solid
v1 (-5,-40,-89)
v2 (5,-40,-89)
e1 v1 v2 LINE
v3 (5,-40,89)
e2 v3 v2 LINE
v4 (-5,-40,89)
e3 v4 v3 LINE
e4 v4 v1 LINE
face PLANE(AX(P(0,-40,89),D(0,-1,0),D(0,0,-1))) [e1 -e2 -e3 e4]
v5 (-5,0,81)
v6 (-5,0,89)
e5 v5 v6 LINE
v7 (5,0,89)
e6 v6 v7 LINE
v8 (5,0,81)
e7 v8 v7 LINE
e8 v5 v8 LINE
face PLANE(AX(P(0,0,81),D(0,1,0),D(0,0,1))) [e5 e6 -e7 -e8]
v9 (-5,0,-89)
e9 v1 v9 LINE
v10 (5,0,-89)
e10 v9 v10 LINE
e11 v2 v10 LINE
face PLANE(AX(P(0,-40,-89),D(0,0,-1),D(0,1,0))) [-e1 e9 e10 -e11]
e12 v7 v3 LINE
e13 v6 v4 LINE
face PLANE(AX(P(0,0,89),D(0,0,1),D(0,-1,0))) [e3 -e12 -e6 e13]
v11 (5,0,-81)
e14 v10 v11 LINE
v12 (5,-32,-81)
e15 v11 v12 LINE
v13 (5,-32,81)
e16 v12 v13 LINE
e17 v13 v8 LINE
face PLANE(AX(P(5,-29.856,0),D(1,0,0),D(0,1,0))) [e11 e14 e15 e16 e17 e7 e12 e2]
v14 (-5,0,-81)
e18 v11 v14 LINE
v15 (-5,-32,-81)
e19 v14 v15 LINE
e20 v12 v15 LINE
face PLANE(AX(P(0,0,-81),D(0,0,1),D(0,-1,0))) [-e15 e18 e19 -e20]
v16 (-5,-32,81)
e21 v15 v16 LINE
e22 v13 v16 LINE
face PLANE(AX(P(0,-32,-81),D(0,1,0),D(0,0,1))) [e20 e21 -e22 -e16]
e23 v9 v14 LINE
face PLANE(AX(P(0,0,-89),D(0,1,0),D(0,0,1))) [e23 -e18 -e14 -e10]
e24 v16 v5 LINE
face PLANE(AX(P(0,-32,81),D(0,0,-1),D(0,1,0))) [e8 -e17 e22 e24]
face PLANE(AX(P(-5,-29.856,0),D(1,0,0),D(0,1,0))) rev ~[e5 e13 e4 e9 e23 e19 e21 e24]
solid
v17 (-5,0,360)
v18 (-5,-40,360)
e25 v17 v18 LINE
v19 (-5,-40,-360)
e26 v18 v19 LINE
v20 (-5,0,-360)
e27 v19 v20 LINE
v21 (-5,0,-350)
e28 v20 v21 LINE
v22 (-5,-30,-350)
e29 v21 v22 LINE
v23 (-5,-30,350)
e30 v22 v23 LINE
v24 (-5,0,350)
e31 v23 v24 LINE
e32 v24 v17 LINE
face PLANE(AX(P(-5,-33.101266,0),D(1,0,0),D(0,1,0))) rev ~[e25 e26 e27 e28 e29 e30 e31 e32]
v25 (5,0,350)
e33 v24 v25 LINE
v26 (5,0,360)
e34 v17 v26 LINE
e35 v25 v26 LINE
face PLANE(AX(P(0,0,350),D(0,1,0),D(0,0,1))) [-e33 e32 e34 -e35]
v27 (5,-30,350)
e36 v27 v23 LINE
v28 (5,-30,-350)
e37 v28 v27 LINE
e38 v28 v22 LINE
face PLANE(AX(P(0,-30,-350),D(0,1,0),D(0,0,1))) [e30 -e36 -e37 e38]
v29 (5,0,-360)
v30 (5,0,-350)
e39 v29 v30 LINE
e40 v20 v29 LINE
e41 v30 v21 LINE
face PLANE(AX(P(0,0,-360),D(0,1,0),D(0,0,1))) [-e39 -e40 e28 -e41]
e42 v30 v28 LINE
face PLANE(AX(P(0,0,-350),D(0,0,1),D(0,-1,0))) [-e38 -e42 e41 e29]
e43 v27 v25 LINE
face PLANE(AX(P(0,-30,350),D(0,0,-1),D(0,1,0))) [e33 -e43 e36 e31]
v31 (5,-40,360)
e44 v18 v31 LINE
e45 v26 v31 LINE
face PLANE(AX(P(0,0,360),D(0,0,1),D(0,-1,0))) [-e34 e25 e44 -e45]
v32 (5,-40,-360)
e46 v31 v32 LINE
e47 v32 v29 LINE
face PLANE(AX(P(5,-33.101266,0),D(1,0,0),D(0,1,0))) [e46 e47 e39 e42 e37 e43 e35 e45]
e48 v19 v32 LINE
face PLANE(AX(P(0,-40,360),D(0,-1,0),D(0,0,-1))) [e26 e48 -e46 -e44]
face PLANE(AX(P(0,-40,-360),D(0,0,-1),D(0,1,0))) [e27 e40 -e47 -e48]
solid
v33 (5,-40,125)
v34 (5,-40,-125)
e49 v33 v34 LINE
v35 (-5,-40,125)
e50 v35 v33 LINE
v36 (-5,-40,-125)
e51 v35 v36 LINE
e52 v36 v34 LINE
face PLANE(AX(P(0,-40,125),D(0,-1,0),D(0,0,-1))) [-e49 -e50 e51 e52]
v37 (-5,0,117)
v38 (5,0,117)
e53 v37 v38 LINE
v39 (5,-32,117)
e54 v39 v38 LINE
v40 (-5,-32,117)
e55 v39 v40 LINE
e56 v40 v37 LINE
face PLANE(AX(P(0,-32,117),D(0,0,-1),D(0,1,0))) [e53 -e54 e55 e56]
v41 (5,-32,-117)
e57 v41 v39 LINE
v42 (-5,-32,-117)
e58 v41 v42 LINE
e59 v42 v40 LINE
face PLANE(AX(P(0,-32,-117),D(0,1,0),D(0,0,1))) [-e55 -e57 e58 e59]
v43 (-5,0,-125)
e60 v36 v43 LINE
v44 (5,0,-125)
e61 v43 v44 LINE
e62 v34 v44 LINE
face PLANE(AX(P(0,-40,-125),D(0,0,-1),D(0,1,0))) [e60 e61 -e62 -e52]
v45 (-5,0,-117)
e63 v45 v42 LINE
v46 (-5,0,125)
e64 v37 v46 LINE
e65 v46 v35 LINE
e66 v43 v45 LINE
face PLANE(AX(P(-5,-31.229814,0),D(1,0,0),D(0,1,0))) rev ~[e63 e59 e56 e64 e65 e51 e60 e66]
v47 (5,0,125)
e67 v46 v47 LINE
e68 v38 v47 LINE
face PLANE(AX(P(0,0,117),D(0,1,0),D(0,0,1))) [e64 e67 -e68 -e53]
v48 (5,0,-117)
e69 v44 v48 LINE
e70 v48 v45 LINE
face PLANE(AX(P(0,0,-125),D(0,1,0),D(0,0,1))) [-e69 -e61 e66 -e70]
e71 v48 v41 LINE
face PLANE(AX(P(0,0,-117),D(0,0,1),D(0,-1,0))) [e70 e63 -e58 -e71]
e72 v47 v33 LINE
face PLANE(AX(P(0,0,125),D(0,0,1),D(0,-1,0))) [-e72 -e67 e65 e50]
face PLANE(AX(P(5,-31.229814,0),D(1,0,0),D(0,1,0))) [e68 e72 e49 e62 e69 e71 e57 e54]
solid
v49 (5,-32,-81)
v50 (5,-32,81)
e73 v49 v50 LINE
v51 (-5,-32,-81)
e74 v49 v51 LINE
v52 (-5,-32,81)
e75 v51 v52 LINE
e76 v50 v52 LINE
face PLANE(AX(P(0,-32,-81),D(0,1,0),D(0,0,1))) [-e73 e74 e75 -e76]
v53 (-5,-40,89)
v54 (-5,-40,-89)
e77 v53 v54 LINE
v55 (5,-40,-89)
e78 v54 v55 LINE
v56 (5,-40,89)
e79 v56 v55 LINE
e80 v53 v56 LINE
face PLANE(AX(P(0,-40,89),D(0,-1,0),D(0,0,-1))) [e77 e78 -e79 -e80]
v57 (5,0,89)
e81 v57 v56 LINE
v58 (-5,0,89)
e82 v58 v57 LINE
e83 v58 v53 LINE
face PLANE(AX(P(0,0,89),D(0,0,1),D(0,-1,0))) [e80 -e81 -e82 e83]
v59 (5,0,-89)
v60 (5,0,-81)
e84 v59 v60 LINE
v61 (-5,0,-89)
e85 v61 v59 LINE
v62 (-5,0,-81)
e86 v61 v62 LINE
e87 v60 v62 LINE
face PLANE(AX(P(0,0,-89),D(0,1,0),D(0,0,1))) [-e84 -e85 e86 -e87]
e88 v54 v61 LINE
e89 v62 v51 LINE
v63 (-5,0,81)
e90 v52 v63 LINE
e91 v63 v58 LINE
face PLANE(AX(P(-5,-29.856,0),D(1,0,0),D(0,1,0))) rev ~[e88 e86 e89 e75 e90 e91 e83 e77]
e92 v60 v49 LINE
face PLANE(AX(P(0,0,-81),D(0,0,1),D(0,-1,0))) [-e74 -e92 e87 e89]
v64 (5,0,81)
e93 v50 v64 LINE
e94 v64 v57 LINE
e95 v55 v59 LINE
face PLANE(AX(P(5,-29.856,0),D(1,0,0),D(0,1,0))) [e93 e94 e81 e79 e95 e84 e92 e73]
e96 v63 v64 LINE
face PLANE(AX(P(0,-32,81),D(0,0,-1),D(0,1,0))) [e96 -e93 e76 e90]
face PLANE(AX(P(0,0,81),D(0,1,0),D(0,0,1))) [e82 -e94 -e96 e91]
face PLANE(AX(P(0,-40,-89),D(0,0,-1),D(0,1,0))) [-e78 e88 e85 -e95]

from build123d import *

# Parameters (mm, degrees)
F1_DEPTH = 5
F3_DEPTH = 5
F5_DEPTH = 5
F7_DEPTH = 5


with BuildPart() as f1:
    # F0 (on Right) → F1 (new body, symmetric)
    with BuildSketch(Plane.YZ):
        Polygon((-32, 117), (0, 117), (0, 125), (-40, 125), (-40, -125), (0, -125), (0, -117), (-32, -117), align=None)
    extrude(amount=F1_DEPTH, both=True)


with BuildPart() as f3:
    # F2 (on Right) → F3 (new body, symmetric)
    with BuildSketch(Plane.YZ):
        Polygon((-30, 350), (0, 350), (0, 360), (-40, 360), (-40, -360), (0, -360), (0, -350), (-30, -350), align=None)
    extrude(amount=F3_DEPTH, both=True)


with BuildPart() as f5:
    # F4 (on Right) → F5 (new body, symmetric)
    with BuildSketch(Plane.YZ):
        Polygon((-32, 81), (0, 81), (0, 89), (-40, 89), (-40, -89), (0, -89), (0, -81), (-32, -81), align=None)
    extrude(amount=F5_DEPTH, both=True)


with BuildPart() as f7:
    # F6 (on Right) → F7 (new body, symmetric)
    with BuildSketch(Plane.YZ):
        Polygon((-32, 81), (0, 81), (0, 89), (-40, 89), (-40, -89), (0, -89), (0, -81), (-32, -81), align=None)
    extrude(amount=F7_DEPTH, both=True)


solid = Compound([f1.part, f3.part, f5.part, f7.part])
